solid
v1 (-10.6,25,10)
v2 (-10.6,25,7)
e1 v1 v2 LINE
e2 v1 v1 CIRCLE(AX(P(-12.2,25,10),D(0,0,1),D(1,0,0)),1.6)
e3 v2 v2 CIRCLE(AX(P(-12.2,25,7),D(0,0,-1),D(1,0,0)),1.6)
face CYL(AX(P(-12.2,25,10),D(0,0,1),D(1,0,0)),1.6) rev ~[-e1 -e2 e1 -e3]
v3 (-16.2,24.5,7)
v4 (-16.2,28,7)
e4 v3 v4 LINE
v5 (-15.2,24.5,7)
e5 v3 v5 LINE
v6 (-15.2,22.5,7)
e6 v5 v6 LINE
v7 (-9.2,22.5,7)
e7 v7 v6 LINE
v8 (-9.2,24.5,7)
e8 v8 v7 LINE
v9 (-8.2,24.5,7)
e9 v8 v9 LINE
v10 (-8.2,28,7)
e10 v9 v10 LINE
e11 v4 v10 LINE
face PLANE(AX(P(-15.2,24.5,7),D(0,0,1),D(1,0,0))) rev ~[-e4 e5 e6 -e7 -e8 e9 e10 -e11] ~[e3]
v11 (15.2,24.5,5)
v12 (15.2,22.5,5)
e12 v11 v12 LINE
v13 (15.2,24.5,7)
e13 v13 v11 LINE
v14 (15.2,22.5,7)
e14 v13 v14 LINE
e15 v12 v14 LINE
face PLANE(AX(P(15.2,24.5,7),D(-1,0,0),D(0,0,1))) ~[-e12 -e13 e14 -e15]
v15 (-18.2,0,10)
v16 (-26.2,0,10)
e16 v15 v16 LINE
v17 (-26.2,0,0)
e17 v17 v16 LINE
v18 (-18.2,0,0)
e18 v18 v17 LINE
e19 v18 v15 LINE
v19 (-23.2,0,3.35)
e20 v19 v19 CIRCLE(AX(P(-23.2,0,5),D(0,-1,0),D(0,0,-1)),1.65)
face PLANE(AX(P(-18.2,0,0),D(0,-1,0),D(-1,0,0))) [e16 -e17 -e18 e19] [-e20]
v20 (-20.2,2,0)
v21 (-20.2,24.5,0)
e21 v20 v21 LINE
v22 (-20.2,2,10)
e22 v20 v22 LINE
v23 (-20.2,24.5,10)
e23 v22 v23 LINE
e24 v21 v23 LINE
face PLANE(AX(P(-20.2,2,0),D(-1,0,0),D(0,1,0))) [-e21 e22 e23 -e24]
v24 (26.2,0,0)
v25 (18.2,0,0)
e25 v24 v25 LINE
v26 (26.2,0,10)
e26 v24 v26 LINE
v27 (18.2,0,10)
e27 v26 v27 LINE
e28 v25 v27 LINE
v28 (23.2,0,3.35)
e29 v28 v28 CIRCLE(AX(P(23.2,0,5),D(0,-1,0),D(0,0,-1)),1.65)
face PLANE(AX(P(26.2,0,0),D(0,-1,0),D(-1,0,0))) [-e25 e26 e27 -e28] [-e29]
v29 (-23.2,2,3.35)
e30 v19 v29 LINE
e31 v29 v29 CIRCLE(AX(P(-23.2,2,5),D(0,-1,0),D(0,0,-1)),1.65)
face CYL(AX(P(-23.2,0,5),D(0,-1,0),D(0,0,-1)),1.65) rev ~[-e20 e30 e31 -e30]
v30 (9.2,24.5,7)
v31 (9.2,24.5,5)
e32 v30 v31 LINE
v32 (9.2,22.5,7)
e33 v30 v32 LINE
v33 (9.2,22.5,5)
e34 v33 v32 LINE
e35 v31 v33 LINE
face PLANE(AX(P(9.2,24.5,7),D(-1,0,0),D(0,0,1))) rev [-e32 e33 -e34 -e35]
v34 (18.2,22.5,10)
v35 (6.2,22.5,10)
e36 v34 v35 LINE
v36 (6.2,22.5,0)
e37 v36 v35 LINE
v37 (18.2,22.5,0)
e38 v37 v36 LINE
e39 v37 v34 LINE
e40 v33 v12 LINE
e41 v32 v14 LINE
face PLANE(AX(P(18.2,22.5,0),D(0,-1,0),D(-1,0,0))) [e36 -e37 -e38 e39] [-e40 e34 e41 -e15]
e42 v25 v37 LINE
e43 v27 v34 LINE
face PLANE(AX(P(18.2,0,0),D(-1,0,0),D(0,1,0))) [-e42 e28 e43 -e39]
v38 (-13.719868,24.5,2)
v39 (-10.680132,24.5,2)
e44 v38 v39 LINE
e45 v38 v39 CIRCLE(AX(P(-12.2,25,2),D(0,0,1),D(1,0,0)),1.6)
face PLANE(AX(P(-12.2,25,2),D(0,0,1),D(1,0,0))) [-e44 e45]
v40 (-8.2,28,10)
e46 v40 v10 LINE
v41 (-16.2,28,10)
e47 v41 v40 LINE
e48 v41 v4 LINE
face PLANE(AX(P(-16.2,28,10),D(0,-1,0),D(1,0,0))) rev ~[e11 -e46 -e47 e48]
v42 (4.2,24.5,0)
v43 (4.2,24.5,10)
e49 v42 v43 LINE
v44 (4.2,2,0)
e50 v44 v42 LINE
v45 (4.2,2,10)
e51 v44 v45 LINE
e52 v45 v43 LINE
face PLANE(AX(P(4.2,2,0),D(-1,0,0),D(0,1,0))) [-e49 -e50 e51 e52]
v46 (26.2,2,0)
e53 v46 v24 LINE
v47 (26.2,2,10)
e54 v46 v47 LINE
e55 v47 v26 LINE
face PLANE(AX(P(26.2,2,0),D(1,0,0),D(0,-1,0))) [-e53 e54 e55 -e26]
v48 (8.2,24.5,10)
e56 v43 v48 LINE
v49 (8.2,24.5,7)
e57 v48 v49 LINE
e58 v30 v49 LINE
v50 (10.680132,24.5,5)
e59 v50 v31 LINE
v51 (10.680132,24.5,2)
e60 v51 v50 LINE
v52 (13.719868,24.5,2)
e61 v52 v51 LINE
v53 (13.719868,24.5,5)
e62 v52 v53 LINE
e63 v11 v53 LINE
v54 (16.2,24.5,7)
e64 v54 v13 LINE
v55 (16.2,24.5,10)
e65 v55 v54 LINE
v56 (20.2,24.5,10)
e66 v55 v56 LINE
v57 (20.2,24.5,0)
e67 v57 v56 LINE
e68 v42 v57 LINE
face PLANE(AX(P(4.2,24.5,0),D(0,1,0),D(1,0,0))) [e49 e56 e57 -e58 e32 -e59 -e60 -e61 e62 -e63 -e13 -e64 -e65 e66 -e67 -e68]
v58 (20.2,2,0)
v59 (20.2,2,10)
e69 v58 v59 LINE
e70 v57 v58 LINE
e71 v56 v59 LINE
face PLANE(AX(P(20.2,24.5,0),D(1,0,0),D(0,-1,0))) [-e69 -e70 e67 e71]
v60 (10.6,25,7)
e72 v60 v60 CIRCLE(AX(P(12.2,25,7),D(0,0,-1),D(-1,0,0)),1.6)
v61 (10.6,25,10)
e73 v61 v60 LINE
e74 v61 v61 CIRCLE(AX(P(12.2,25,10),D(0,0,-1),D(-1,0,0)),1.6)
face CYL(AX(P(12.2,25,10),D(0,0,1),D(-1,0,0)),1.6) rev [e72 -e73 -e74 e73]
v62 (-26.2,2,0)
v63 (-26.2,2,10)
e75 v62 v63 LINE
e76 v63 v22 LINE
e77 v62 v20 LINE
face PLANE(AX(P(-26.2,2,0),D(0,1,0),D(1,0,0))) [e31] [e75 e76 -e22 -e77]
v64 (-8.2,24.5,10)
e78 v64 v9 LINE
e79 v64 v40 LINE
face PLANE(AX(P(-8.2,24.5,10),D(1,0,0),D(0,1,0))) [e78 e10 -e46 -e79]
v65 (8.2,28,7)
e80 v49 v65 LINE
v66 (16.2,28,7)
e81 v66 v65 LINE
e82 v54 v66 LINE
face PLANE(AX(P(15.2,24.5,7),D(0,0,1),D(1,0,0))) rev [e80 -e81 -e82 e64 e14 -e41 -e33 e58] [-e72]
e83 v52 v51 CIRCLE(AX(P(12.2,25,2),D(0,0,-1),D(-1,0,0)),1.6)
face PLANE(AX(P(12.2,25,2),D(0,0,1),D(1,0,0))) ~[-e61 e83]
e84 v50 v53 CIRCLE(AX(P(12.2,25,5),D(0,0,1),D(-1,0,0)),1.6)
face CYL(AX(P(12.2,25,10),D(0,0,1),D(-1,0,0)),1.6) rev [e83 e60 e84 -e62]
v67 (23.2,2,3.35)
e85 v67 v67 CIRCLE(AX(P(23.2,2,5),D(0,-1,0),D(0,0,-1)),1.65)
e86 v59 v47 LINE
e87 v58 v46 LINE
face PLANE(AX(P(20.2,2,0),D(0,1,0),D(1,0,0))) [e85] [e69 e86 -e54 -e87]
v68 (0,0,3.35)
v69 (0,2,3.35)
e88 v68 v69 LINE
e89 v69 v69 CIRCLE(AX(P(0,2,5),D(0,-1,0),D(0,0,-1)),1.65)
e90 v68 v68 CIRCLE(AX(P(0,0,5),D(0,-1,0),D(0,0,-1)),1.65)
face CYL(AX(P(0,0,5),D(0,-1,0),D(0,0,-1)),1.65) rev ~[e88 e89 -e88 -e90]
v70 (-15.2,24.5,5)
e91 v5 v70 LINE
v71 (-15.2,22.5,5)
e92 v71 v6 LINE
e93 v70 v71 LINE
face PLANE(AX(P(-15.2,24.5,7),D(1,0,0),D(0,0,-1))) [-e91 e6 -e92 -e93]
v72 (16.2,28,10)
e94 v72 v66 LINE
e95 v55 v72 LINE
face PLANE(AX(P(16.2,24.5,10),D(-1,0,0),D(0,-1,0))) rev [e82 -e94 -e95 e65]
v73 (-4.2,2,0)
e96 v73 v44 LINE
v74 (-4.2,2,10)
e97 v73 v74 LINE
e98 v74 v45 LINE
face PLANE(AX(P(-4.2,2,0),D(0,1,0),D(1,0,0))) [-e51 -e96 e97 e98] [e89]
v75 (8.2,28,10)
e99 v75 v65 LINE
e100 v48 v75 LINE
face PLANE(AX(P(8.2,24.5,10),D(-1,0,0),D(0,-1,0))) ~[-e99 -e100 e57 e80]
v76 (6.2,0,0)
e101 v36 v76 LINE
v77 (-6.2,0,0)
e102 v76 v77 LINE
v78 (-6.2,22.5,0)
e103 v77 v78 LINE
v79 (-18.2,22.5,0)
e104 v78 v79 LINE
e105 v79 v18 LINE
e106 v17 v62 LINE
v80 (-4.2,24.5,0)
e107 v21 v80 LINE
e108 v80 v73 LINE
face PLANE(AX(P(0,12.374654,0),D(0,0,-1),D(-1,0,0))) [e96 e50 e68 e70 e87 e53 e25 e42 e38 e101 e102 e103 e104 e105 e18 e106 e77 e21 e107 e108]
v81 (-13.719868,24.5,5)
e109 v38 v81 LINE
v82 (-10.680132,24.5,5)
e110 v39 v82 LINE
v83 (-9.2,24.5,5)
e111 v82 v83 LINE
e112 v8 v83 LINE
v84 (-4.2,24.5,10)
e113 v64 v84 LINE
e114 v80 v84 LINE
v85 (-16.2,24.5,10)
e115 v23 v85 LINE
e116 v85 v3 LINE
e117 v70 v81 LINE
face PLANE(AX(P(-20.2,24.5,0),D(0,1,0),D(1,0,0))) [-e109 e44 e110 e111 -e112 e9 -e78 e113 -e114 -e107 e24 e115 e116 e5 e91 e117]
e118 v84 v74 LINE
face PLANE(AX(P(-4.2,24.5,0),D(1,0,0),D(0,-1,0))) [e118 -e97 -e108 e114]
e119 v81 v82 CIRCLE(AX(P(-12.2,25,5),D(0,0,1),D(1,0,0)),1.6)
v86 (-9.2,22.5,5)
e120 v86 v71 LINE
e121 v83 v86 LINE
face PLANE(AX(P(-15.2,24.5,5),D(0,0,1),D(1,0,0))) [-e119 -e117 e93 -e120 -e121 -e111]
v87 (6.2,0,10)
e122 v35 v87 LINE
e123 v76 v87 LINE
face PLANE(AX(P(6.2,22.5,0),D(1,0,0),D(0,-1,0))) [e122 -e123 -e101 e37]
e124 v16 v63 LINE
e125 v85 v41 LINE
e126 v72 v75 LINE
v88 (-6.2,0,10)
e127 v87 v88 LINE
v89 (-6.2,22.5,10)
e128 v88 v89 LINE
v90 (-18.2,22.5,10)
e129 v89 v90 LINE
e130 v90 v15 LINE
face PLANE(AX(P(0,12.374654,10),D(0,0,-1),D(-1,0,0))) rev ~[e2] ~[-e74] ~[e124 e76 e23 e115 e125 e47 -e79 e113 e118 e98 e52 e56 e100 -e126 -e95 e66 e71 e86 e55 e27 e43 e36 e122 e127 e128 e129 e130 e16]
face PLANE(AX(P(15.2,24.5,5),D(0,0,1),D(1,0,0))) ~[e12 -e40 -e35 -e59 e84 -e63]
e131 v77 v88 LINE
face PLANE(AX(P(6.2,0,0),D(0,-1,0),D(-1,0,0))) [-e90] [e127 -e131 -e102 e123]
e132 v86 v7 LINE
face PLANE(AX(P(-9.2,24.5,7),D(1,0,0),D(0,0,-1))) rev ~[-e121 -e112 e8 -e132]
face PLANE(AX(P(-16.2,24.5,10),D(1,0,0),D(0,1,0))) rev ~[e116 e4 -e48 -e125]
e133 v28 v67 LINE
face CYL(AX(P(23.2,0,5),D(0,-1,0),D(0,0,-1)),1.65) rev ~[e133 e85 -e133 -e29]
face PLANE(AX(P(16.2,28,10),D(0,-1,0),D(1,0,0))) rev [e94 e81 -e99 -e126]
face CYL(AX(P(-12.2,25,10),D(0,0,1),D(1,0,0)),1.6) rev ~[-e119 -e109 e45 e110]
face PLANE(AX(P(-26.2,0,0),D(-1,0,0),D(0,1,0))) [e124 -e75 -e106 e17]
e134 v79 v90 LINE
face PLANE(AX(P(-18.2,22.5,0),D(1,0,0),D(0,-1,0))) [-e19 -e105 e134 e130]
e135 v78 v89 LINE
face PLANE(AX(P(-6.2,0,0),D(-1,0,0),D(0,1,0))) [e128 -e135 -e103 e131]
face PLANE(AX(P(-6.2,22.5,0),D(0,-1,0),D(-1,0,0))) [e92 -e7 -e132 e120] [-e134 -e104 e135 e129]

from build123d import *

# Parameters (mm, degrees)
EXTRUIR_L_MINA1_DEPTH   = 10
CROQUIS2_W              = 8
CROQUIS2_H              = 3.5
SALIENTE_EXTRUIR1_DEPTH = 3
CROQUIS3_R              = 1.65
CORTAR_EXTRUIR1_DEPTH   = 40.628777422
CROQUIS4_R              = 1.6
CORTAR_EXTRUIR2_DEPTH   = 8
CROQUIS6_W              = 6
CROQUIS6_H              = 2
CORTAR_EXTRUIR3_DEPTH   = 38.238286749


with BuildPart() as part:
    # Croquis1 → Extruir-Lámina1 (new body)
    with BuildSketch(Plane.XY):
        Polygon((26.2, 0), (18.2, 0), (18.2, 22.5), (6.2, 22.5), (6.2, 0), (-6.2, 0), (-6.2, 22.5), (-18.2, 22.5), (-18.2, 0), (-26.2, 0), (-26.2, 2), (-20.2, 2), (-20.2, 24.5), (-4.2, 24.5), (-4.2, 2), (4.2, 2), (4.2, 24.5), (20.2, 24.5), (20.2, 2), (26.2, 2), align=None)
    extrude(amount=EXTRUIR_L_MINA1_DEPTH)

    # Croquis2 → Saliente-Extruir1 (add)
    with BuildSketch(Plane.XY.offset(10)):
        with Locations((-12.2, 26.25)):
            Rectangle(CROQUIS2_W, CROQUIS2_H)
    saliente_extruir1 = extrude(amount=-SALIENTE_EXTRUIR1_DEPTH)

    # Simetría1: Saliente-Extruir1 across plane
    add(saliente_extruir1.mirror(Plane(origin=(0, 0, 0), x_dir=(0, 0, 1), z_dir=(1, 0, 0))))

    # Croquis3 → Cortar-Extruir1 (cut, through all)
    with BuildSketch(Plane(origin=(0, 0, 0), x_dir=(-1, 0, 0), z_dir=(0, -1, 0))):
        with Locations(Location((0, -5, 0), (0, 0, 90))):
            Circle(CROQUIS3_R)
        with Locations(Location((23.2, -5, 0), (0, 0, 90))):
            Circle(CROQUIS3_R)
        with Locations(Location((-23.2, -5, 0), (0, 0, 90))):
            Circle(CROQUIS3_R)
    extrude(amount=-CORTAR_EXTRUIR1_DEPTH, mode=Mode.SUBTRACT)

    # Croquis4 → Cortar-Extruir2 (cut)
    with BuildSketch(Plane.XY.offset(10)):
        with Locations((-12.2, 25)):
            Circle(CROQUIS4_R)
    cortar_extruir2 = extrude(amount=-CORTAR_EXTRUIR2_DEPTH, mode=Mode.SUBTRACT)

    # Croquis6 → Cortar-Extruir3 (cut, through all)
    with BuildSketch(Plane(origin=(0, 24.5, 0), x_dir=(1, 0, 0), z_dir=(0, 1, 0))):
        with Locations((-12.2, -6)):
            Rectangle(CROQUIS6_W, CROQUIS6_H)
    cortar_extruir3 = extrude(amount=-CORTAR_EXTRUIR3_DEPTH, mode=Mode.SUBTRACT)

    # Simetría2: Cortar-Extruir2, Cortar-Extruir3 across plane
    add(cortar_extruir2.mirror(Plane(origin=(0, 0, 0), x_dir=(0, 0, 1), z_dir=(1, 0, 0))), mode=Mode.SUBTRACT)
    add(cortar_extruir3.mirror(Plane(origin=(0, 0, 0), x_dir=(0, 0, 1), z_dir=(1, 0, 0))), mode=Mode.SUBTRACT)


solid = part.part
